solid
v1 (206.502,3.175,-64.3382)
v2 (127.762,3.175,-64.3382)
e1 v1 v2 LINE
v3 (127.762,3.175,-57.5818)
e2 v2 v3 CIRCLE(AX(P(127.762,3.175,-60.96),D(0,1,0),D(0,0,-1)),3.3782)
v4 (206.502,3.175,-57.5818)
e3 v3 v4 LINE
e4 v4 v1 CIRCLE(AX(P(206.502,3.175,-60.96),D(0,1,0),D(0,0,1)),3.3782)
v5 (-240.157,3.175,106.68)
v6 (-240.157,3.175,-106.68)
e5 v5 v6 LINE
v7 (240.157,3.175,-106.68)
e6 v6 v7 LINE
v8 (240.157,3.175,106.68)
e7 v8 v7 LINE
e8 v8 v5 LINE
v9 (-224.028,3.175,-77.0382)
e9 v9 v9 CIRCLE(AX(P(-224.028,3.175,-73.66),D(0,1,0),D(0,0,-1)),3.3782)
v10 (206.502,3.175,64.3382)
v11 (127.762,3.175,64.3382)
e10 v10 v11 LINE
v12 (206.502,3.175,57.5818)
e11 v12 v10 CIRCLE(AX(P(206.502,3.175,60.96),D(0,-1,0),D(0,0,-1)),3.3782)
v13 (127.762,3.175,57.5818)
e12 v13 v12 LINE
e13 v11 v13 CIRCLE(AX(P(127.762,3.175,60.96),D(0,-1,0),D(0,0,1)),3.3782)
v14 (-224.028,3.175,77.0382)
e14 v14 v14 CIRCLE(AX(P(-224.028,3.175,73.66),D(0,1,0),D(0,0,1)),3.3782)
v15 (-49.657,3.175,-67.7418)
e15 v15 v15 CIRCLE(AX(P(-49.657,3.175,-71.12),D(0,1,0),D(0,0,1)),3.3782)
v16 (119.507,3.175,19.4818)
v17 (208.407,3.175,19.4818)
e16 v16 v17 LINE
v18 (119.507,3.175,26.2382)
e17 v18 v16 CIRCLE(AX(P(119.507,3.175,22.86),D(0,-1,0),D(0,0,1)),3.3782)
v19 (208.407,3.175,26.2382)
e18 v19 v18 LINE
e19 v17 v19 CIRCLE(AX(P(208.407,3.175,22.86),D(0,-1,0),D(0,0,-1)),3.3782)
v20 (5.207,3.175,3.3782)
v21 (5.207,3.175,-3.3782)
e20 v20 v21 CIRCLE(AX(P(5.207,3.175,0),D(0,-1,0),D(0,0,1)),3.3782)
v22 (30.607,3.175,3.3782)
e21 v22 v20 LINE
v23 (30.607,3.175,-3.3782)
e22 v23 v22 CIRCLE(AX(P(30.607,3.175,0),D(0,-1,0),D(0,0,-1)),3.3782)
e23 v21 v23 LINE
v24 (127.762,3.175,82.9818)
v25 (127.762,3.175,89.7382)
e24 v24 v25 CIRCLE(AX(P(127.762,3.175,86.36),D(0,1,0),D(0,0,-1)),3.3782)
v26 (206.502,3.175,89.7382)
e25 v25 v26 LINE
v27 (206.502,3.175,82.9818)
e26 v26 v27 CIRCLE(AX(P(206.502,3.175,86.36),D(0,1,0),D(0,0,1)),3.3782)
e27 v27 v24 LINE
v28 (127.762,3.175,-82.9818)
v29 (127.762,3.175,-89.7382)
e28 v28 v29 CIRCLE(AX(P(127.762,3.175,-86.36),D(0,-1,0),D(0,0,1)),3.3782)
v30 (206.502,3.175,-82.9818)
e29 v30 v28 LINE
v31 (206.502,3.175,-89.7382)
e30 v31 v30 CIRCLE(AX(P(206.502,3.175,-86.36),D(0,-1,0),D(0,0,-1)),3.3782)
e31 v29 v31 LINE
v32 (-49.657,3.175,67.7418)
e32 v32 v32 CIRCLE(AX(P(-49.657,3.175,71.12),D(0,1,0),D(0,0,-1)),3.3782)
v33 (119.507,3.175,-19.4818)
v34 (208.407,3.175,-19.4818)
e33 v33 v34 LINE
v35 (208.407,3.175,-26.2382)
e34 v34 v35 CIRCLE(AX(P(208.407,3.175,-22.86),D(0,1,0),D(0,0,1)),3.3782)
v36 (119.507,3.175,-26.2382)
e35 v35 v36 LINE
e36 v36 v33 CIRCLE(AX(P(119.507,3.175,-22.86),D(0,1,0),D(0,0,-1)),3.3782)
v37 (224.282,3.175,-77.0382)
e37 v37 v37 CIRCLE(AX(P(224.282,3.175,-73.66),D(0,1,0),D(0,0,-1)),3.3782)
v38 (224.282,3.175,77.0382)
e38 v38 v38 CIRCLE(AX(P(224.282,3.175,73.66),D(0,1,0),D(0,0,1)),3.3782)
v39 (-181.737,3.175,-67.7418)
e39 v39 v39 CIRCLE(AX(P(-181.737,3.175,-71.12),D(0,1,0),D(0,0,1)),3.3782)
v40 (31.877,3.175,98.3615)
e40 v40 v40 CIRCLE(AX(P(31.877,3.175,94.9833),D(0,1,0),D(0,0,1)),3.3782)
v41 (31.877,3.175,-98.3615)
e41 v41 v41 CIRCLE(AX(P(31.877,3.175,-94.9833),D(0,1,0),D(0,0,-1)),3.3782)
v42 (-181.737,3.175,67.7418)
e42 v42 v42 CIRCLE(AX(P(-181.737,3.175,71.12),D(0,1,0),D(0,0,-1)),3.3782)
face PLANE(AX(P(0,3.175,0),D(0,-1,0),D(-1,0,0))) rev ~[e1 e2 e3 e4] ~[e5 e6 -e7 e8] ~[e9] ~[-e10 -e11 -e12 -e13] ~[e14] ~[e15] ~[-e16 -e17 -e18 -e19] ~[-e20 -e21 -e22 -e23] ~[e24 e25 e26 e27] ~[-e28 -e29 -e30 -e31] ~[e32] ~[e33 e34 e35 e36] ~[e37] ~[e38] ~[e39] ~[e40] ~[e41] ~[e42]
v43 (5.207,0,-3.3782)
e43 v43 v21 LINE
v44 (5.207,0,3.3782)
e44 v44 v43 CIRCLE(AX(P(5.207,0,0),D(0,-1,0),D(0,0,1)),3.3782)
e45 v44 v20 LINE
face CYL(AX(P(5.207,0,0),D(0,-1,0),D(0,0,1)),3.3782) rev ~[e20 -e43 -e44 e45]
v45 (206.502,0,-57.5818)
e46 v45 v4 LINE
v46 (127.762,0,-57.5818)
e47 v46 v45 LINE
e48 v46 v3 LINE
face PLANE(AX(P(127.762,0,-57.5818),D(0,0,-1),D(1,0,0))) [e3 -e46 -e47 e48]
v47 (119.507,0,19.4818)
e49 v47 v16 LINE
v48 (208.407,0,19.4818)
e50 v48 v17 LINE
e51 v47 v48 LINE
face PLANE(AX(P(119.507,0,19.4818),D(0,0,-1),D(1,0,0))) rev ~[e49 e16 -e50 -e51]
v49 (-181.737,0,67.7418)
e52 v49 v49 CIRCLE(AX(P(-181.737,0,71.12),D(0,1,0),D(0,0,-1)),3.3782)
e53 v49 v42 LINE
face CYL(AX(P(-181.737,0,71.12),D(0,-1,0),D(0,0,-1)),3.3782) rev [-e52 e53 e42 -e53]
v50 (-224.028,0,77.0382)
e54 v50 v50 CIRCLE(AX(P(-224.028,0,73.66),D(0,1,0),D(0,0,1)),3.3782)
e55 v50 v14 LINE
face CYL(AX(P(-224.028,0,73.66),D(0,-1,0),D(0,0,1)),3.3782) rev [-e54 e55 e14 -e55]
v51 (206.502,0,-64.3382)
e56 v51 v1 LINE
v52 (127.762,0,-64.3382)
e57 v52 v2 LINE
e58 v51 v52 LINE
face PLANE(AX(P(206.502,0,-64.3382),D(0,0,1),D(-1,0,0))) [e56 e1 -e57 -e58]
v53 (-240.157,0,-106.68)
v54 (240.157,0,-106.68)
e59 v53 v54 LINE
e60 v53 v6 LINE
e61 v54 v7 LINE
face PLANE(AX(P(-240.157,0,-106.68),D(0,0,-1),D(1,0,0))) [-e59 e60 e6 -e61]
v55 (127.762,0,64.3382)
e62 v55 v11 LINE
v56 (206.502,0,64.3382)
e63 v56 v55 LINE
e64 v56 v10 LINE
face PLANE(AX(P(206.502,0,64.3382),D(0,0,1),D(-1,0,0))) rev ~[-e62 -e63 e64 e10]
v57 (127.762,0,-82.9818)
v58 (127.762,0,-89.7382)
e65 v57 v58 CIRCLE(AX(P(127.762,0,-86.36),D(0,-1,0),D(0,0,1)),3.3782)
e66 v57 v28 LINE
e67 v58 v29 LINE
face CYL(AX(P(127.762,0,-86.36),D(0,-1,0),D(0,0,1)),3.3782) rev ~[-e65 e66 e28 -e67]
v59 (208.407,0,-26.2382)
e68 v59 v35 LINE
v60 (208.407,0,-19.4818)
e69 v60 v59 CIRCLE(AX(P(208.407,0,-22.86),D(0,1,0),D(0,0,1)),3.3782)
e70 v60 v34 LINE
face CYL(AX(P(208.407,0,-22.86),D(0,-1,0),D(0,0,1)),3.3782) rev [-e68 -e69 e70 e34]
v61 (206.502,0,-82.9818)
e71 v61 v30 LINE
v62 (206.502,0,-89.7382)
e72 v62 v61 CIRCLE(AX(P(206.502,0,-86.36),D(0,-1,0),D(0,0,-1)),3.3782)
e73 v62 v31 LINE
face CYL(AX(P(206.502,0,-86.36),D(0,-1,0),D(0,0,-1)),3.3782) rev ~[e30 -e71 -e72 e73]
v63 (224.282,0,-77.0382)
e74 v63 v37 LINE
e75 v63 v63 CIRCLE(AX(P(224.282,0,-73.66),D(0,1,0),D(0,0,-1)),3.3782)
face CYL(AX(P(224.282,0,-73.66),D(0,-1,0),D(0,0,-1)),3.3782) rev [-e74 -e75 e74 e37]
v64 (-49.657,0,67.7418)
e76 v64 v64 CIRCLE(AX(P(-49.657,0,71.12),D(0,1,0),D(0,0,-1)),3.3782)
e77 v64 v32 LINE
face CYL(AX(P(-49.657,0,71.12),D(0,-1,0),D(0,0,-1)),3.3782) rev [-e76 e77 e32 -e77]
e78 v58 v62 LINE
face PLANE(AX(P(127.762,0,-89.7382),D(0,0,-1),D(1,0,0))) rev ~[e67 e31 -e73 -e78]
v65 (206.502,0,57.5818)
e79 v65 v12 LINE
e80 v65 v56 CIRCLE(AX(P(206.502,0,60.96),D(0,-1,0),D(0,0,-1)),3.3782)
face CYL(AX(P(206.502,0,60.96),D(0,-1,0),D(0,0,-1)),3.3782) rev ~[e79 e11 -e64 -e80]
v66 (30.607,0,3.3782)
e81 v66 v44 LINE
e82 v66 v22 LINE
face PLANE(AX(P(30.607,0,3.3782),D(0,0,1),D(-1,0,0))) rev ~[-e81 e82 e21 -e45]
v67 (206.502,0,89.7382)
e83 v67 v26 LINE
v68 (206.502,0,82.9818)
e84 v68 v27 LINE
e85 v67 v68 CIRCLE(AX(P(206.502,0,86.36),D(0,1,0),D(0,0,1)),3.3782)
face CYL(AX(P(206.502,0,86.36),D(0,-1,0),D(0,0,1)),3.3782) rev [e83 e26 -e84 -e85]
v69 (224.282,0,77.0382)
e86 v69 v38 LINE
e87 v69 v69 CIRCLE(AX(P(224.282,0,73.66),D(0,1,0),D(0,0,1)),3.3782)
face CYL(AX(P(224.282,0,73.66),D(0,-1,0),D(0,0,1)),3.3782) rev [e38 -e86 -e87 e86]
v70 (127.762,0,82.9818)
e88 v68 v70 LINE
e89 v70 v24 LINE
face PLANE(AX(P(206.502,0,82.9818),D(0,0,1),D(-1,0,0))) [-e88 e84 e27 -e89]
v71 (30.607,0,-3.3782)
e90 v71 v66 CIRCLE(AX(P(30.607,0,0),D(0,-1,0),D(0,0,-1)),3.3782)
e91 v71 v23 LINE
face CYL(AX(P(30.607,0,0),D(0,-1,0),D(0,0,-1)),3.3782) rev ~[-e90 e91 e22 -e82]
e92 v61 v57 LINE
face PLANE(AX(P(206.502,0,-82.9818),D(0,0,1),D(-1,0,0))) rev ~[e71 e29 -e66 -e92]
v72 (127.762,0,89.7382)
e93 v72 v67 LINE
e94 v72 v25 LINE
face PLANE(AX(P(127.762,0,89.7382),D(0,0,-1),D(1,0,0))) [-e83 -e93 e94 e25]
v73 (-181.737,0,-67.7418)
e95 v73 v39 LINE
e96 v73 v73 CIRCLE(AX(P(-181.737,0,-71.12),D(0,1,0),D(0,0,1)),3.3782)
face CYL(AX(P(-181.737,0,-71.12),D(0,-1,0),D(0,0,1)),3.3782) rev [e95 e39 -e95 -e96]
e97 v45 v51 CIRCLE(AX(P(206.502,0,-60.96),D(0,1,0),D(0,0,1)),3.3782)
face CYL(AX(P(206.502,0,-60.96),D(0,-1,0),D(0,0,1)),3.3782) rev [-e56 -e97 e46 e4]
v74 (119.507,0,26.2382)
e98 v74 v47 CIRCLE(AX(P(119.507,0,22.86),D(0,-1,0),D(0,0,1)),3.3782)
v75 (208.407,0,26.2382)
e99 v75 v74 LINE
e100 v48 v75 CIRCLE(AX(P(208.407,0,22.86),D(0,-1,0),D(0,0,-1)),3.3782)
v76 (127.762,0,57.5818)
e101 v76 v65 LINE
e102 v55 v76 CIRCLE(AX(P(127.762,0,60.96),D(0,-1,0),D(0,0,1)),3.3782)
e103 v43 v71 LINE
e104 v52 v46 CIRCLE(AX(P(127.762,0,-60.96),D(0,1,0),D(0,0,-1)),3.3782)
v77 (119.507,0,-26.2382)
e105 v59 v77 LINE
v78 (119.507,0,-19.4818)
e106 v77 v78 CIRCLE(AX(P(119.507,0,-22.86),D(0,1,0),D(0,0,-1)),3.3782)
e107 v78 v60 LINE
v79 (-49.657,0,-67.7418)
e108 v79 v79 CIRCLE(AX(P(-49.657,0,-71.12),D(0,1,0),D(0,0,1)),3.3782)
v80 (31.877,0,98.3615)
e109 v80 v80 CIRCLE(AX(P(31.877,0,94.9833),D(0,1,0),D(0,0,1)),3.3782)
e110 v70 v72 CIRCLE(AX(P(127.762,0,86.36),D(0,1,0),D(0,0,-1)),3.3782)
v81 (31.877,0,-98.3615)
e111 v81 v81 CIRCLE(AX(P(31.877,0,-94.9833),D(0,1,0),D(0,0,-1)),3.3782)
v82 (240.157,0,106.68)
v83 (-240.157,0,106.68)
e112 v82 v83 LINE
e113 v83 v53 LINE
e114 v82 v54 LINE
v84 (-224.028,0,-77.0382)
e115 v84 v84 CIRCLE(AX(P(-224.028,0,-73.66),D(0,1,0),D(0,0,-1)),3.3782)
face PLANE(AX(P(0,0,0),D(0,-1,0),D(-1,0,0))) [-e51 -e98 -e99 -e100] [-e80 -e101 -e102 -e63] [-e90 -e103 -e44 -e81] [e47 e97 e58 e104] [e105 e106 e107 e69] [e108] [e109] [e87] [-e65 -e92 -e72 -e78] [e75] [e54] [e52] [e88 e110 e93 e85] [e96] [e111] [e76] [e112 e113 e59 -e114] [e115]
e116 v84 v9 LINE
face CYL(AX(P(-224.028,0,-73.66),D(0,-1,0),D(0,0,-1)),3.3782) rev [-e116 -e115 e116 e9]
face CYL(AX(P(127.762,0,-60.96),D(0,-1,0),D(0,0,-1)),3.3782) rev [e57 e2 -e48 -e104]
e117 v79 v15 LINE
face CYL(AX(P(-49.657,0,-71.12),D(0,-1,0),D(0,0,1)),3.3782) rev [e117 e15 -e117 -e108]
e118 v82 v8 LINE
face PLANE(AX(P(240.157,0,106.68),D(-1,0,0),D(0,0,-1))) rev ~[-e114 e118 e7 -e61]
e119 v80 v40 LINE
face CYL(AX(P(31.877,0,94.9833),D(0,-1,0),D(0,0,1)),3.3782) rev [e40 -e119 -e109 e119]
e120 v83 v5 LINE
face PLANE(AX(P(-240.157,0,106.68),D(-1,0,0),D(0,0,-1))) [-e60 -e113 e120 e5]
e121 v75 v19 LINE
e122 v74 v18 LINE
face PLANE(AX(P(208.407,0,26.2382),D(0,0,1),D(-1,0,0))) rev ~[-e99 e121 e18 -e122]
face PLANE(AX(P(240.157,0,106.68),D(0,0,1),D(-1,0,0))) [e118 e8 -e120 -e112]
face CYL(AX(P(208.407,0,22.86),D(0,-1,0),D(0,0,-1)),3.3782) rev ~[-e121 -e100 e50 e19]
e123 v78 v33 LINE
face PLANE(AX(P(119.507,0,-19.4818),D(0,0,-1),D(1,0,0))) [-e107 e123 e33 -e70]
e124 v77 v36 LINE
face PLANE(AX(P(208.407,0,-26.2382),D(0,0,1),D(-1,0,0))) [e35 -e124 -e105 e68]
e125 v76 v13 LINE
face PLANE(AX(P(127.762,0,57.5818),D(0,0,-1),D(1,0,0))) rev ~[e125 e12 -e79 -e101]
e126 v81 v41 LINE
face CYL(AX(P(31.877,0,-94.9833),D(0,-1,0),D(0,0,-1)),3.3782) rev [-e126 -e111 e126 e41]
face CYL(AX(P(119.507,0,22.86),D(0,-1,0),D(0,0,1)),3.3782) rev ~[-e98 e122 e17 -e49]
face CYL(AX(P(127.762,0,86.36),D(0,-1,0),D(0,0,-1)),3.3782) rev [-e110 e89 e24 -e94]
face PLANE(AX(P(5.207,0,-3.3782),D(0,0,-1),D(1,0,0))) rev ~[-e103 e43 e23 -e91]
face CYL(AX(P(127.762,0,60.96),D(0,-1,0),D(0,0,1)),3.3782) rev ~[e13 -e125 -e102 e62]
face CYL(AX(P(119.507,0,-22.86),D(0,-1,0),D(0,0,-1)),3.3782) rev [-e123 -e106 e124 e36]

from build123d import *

# Parameters (mm, degrees)
SKETCH1_R           = 3.3782
BOSS_EXTRUDE1_DEPTH = 3.175


with BuildPart() as part:
    # Sketch1 → Boss-Extrude1 (new body)
    with BuildSketch(Plane(origin=(0, 0, 0), x_dir=(1, 0, 0), z_dir=(0, 1, 0))):
        Polygon((-240.157, 106.68), (240.157, 106.68), (240.157, -73.66), (240.157, -106.68), (-240.157, -106.68), align=None)
        with Locations(Location((224.282, -73.66, 0), (0, 0, 270))):
            Circle(SKETCH1_R, mode=Mode.SUBTRACT)
        with Locations(Location((31.877, -94.9833, 0), (0, 0, 270))):
            Circle(SKETCH1_R, mode=Mode.SUBTRACT)
        with Locations(Location((31.877, 94.9833, 0), (0, 0, 90))):
            Circle(SKETCH1_R, mode=Mode.SUBTRACT)
        with Locations(Location((224.282, 73.66, 0), (0, 0, 90))):
            Circle(SKETCH1_R, mode=Mode.SUBTRACT)
        with Locations(Location((-224.028, 73.66, 0), (0, 0, 90))):
            Circle(SKETCH1_R, mode=Mode.SUBTRACT)
        with Locations(Location((-224.028, -73.66, 0), (0, 0, 270))):
            Circle(SKETCH1_R, mode=Mode.SUBTRACT)
        with Locations(Location((-181.737, 71.12, 0), (0, 0, 270))):
            Circle(SKETCH1_R, mode=Mode.SUBTRACT)
        with Locations(Location((-49.657, 71.12, 0), (0, 0, 270))):
            Circle(SKETCH1_R, mode=Mode.SUBTRACT)
        with Locations(Location((-49.657, -71.12, 0), (0, 0, 90))):
            Circle(SKETCH1_R, mode=Mode.SUBTRACT)
        with Locations(Location((-181.737, -71.12, 0), (0, 0, 90))):
            Circle(SKETCH1_R, mode=Mode.SUBTRACT)
        with BuildLine():
            Line((119.507, -19.4818), (208.407, -19.4818))
            ThreePointArc((208.407, -19.4818), (211.7852, -22.86), (208.407, -26.2382))
            Line((208.407, -26.2382), (119.507, -26.2382))
            ThreePointArc((119.507, -26.2382), (116.1288, -22.86), (119.507, -19.4818))
        make_face(mode=Mode.SUBTRACT)
        with BuildLine():
            Line((119.507, 19.4818), (208.407, 19.4818))
            ThreePointArc((208.407, 19.4818), (211.7852, 22.86), (208.407, 26.2382))
            Line((208.407, 26.2382), (119.507, 26.2382))
            ThreePointArc((119.507, 26.2382), (116.1288, 22.86), (119.507, 19.4818))
        make_face(mode=Mode.SUBTRACT)
        with BuildLine():
            Line((127.762, -57.5818), (206.502, -57.5818))
            ThreePointArc((206.502, -57.5818), (209.8802, -60.96), (206.502, -64.3382))
            Line((206.502, -64.3382), (127.762, -64.3382))
            ThreePointArc((127.762, -64.3382), (124.3838, -60.96), (127.762, -57.5818))
        make_face(mode=Mode.SUBTRACT)
        with BuildLine():
            Line((127.762, -89.7382), (206.502, -89.7382))
            ThreePointArc((206.502, -89.7382), (209.8802, -86.36), (206.502, -82.9818))
            Line((206.502, -82.9818), (127.762, -82.9818))
            ThreePointArc((127.762, -82.9818), (124.3838, -86.36), (127.762, -89.7382))
        make_face(mode=Mode.SUBTRACT)
        with BuildLine():
            Line((127.762, 57.5818), (206.502, 57.5818))
            ThreePointArc((206.502, 57.5818), (209.8802, 60.96), (206.502, 64.3382))
            Line((206.502, 64.3382), (127.762, 64.3382))
            ThreePointArc((127.762, 64.3382), (124.3838, 60.96), (127.762, 57.5818))
        make_face(mode=Mode.SUBTRACT)
        with BuildLine():
            Line((127.762, 89.7382), (206.502, 89.7382))
            ThreePointArc((206.502, 89.7382), (209.8802, 86.36), (206.502, 82.9818))
            Line((206.502, 82.9818), (127.762, 82.9818))
            ThreePointArc((127.762, 82.9818), (124.3838, 86.36), (127.762, 89.7382))
        make_face(mode=Mode.SUBTRACT)
        with BuildLine():
            Line((5.207, 3.3782), (30.607, 3.3782))
            ThreePointArc((30.607, 3.3782), (33.9852, 0), (30.607, -3.3782))
            Line((30.607, -3.3782), (5.207, -3.3782))
            ThreePointArc((5.207, -3.3782), (1.8288, 0), (5.207, 3.3782))
        make_face(mode=Mode.SUBTRACT)
    extrude(amount=BOSS_EXTRUDE1_DEPTH)


solid = part.part
